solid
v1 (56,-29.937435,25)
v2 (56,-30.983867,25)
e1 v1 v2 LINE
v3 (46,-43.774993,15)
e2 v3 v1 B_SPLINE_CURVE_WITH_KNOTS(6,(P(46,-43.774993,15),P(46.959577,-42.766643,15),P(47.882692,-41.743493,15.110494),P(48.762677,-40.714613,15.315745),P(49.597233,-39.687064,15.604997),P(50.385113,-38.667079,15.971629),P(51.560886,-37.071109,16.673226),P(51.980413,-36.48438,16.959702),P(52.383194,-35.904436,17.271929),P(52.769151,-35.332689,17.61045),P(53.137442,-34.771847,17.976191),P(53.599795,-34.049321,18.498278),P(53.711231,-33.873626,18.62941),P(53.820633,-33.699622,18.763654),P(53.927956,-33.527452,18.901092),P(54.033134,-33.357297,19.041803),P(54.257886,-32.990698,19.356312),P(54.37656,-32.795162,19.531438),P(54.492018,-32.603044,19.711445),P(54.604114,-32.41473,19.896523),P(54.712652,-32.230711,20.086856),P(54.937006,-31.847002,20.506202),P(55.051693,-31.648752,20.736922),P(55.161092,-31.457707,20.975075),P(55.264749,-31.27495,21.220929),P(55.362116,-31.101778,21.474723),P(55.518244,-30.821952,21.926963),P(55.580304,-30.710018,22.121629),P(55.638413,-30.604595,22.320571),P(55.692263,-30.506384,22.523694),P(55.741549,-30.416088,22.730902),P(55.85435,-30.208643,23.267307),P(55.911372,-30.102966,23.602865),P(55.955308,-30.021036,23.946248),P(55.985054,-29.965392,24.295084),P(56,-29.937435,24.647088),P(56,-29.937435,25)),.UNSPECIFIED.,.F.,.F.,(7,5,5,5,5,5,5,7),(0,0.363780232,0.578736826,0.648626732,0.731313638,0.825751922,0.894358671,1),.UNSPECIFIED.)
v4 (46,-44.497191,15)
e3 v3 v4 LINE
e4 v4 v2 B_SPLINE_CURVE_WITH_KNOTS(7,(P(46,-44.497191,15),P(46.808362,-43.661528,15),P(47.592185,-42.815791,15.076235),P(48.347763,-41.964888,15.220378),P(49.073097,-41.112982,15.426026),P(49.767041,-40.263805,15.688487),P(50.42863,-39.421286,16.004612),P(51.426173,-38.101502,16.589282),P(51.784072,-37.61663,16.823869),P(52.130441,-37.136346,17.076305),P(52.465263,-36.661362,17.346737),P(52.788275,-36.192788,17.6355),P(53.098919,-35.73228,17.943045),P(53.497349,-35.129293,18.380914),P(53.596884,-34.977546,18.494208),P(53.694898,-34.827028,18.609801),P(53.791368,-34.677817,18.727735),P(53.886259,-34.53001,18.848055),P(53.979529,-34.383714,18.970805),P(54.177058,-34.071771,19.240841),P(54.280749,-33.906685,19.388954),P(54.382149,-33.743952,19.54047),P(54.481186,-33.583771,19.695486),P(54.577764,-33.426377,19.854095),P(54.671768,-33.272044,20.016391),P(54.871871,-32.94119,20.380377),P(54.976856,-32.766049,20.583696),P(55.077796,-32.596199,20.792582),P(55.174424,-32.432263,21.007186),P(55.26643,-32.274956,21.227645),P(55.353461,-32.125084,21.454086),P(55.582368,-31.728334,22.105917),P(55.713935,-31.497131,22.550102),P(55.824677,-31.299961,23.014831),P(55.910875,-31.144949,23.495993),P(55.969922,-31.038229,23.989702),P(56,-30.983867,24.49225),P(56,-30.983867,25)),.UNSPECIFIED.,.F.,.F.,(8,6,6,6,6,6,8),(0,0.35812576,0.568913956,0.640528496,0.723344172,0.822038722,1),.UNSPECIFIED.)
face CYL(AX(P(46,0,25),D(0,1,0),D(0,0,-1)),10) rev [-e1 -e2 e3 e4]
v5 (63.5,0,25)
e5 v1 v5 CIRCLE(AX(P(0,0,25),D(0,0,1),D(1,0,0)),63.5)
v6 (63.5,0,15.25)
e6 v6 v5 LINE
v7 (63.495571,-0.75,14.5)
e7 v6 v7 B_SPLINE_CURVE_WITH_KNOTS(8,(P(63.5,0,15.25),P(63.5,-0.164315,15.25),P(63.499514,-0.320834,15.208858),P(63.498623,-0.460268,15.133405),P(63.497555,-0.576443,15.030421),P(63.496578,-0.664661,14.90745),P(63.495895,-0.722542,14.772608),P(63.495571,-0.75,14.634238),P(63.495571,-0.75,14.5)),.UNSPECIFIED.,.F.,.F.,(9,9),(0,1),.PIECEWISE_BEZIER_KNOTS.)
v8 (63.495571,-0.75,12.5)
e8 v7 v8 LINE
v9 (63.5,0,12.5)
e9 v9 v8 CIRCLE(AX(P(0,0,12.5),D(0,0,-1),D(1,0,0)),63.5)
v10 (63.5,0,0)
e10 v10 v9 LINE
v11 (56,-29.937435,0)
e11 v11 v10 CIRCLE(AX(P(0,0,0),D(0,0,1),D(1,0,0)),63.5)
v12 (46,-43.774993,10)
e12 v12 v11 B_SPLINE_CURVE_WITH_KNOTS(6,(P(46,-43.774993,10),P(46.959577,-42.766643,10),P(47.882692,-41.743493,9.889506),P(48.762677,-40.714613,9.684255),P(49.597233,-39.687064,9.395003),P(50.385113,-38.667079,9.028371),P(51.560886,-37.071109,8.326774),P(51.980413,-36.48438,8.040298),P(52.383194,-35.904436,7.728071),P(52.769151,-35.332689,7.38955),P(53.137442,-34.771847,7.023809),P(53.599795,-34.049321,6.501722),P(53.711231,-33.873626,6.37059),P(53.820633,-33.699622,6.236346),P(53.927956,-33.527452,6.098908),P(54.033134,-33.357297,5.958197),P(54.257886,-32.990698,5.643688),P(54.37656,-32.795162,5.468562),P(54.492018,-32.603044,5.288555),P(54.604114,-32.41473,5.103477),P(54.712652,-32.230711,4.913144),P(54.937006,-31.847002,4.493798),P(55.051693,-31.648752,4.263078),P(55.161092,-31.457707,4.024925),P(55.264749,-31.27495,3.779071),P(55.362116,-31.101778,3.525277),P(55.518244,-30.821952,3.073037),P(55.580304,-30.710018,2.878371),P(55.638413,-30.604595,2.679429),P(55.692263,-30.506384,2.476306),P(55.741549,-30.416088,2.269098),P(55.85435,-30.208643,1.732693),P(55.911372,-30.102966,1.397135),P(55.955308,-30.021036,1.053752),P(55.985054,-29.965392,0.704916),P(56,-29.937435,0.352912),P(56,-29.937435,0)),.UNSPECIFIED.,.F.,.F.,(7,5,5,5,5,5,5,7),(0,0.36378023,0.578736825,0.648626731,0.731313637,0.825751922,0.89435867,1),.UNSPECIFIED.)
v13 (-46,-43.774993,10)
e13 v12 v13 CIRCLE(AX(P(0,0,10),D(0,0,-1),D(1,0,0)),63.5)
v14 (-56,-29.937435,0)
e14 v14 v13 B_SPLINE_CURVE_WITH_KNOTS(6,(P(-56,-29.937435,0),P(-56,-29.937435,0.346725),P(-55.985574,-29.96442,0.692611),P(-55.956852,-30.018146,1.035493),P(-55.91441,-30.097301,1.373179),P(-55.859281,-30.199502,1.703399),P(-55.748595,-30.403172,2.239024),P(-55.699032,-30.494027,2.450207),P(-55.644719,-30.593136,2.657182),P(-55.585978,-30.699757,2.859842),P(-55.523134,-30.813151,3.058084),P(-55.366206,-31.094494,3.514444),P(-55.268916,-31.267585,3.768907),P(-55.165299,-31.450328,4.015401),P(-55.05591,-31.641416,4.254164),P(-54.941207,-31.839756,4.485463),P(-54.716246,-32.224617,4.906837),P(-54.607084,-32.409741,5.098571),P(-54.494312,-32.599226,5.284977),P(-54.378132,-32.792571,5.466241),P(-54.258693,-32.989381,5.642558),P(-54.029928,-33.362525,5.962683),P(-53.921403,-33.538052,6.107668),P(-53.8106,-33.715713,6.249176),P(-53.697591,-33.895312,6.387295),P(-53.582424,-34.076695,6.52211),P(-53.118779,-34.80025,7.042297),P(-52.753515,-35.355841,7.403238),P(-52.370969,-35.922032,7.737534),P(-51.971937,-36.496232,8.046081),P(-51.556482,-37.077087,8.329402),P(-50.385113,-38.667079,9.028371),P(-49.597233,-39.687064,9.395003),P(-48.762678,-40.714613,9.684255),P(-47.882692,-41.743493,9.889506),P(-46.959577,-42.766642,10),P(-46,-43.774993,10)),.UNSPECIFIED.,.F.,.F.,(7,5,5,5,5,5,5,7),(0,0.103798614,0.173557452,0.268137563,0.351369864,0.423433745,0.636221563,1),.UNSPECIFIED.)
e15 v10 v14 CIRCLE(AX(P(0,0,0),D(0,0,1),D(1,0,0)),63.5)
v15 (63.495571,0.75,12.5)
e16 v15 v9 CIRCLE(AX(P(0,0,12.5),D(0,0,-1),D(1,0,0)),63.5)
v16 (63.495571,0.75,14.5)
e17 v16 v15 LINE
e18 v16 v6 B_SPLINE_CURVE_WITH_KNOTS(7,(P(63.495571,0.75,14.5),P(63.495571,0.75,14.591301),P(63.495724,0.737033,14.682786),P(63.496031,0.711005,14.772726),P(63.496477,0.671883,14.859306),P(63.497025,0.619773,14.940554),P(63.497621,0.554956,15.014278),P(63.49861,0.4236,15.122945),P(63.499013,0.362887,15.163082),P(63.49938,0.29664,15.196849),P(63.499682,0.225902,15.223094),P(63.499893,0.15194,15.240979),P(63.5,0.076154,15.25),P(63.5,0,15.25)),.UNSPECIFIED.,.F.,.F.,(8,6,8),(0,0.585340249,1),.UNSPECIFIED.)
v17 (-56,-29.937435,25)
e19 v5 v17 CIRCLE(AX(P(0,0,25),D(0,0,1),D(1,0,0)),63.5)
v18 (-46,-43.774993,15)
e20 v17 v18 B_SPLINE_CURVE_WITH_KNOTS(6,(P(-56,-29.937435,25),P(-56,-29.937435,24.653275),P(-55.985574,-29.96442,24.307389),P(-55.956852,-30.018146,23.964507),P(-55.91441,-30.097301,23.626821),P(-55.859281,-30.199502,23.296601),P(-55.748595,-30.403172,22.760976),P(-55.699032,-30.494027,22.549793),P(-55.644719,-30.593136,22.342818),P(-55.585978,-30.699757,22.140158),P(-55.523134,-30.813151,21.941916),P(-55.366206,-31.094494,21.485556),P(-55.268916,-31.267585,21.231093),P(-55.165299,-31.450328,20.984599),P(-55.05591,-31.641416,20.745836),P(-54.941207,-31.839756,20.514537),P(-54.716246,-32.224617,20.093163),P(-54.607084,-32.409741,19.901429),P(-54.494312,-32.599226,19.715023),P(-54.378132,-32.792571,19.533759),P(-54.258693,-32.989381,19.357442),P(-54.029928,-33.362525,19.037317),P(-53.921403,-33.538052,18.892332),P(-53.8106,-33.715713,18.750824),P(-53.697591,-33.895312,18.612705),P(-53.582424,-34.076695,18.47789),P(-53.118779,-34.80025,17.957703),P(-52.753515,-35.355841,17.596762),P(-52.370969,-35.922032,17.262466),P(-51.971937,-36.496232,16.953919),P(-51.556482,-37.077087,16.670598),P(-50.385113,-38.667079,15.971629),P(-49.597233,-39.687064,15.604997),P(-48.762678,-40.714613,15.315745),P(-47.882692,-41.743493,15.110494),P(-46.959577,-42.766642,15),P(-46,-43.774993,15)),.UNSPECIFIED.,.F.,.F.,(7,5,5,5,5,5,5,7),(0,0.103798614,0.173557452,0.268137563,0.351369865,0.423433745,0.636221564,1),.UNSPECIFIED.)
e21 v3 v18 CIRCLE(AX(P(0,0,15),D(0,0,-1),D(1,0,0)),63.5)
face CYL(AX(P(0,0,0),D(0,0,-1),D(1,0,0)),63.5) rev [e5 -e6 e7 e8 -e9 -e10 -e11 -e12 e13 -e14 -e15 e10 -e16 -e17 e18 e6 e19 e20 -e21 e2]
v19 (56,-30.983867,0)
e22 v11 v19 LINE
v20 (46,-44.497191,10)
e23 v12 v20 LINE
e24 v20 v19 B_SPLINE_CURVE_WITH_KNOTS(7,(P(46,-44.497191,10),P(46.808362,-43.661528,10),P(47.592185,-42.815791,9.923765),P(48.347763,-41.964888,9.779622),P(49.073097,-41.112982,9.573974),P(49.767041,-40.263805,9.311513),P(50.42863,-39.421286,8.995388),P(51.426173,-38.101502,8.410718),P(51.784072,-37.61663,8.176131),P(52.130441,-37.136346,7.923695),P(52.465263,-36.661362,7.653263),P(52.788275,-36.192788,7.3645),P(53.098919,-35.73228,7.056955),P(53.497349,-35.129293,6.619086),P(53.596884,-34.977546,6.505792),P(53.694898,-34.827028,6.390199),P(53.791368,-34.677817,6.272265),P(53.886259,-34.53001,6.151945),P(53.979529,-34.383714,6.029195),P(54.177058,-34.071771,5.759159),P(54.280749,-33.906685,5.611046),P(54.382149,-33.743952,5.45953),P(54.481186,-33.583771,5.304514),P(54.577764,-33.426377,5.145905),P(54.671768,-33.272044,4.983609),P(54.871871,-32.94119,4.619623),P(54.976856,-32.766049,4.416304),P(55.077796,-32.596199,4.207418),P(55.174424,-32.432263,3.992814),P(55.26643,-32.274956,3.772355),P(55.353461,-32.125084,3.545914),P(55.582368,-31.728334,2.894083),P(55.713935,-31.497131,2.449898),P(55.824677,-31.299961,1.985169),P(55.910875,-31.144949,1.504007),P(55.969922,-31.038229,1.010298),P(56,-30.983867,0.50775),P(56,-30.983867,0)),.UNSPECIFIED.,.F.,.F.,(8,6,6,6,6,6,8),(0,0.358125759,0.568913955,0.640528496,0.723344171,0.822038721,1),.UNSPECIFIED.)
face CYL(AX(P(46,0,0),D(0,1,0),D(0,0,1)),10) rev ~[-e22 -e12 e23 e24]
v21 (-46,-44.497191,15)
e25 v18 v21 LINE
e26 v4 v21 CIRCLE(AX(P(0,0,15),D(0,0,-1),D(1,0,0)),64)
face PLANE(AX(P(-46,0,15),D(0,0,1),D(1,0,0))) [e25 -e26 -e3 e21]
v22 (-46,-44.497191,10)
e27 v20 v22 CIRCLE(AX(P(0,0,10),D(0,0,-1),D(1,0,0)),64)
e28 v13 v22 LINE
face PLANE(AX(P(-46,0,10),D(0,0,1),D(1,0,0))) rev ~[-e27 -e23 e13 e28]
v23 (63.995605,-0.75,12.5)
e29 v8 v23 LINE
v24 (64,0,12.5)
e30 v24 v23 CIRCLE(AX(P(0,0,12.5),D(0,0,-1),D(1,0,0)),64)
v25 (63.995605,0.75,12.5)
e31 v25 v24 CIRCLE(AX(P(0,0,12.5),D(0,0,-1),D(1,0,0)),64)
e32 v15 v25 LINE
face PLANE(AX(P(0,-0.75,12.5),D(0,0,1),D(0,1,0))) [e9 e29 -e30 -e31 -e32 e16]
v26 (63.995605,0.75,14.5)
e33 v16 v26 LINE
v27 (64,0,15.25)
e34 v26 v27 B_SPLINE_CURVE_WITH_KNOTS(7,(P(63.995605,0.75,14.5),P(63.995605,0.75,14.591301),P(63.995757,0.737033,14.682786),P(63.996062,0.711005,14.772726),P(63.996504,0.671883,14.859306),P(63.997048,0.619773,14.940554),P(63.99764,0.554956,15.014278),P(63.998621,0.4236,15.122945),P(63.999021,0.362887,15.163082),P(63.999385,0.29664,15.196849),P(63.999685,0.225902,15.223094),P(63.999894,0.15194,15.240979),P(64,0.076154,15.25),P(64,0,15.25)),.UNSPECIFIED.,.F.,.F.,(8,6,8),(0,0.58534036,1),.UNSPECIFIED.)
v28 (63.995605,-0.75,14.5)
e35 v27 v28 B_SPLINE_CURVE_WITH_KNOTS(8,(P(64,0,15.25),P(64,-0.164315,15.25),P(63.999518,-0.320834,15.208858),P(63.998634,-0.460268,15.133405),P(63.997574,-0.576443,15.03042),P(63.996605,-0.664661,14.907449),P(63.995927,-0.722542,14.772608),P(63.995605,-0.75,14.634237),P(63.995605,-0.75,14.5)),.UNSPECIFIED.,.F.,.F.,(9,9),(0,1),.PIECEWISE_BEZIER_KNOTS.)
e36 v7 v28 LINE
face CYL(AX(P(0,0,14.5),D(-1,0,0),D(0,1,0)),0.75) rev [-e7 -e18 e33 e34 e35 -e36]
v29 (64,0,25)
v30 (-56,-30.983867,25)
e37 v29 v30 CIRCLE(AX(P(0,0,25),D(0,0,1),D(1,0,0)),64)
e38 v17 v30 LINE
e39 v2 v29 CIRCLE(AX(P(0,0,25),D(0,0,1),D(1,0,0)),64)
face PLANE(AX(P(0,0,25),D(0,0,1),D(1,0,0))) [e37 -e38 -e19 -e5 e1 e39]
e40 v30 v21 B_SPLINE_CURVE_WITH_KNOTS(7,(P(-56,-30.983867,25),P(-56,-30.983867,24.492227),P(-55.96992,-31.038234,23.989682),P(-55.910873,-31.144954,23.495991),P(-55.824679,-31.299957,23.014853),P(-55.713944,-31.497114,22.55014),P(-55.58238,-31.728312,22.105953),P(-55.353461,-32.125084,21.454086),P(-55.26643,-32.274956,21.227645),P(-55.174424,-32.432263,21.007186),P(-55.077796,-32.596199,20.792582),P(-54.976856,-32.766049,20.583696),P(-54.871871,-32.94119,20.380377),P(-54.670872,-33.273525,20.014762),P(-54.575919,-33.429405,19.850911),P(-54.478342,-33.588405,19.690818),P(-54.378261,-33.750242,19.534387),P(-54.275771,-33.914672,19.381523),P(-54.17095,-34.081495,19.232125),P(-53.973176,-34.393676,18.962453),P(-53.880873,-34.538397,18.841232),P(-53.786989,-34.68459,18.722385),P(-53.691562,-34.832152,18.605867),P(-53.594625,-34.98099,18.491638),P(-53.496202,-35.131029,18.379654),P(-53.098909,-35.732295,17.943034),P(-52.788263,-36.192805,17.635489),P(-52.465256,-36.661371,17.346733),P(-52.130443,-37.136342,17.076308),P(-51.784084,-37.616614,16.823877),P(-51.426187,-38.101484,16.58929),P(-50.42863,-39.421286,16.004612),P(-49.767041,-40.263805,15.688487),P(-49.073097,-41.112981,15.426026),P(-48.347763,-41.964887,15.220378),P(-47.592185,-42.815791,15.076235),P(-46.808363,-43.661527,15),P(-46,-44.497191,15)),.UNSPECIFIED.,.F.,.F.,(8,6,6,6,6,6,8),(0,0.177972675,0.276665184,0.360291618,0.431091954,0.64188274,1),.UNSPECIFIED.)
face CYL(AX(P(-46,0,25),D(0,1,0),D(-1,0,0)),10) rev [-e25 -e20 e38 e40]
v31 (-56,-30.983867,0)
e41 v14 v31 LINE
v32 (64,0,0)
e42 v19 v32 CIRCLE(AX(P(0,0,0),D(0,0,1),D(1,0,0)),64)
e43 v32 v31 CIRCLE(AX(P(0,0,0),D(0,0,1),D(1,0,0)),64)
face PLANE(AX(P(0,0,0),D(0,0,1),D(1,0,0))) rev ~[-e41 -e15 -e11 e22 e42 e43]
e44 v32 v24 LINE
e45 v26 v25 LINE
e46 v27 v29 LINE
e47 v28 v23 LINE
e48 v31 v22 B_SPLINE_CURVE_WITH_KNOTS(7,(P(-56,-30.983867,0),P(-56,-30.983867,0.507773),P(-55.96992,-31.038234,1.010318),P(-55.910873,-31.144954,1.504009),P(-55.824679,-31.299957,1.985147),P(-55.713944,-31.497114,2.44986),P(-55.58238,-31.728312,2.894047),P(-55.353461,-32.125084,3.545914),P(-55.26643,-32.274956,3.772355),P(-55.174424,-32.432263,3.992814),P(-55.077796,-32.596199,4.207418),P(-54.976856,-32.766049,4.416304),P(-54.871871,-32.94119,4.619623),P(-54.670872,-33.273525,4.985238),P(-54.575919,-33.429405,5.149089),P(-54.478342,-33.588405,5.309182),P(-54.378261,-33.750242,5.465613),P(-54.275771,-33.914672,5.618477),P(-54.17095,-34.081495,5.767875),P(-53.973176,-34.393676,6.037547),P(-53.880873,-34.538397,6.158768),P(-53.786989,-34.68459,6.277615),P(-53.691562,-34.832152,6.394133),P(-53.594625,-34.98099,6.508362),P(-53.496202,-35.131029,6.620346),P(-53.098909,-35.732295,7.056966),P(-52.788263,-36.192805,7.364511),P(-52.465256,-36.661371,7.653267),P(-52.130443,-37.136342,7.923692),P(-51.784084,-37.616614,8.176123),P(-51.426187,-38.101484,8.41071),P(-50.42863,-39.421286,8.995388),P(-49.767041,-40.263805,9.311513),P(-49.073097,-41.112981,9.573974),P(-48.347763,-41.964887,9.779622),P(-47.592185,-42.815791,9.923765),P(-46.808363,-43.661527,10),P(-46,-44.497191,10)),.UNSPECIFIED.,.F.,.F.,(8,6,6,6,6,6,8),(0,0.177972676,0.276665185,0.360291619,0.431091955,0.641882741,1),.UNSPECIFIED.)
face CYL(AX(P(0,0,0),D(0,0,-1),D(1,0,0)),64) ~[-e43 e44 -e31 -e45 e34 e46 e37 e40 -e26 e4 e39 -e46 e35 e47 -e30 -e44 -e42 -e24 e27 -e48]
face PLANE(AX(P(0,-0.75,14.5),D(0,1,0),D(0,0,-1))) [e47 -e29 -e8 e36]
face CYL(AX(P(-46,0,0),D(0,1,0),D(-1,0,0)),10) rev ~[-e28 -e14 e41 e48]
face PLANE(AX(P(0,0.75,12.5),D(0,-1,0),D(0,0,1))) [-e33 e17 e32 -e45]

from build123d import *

# Parameters (mm, degrees)
SKETCH_3_R          = 64
SKETCH_3_R_2        = 63.5
EXTRUDE_2_DEPTH     = 25
CUT_EXTRUDE_2_DEPTH = 200
CUT_EXTRUDE_3_DEPTH = 200


with BuildPart() as part:
    # 草图3 → 凸台-拉伸2 (new body)
    with BuildSketch(Plane.XY):
        Circle(SKETCH_3_R)
        Circle(SKETCH_3_R_2, mode=Mode.SUBTRACT)
    extrude(amount=EXTRUDE_2_DEPTH)

    # 草图4 → 切除-拉伸2 (cut)
    with BuildSketch(Plane(origin=(0, 0, 0), x_dir=(1, 0, 0), z_dir=(0, 1, 0))):
        with BuildLine():
            Line((-46, -10), (46, -10))
            ThreePointArc((46, -10), (53.071067812, -7.071067812), (56, 0))
            Line((56, 0), (-56, 0))
            ThreePointArc((-56, 0), (-53.071067812, -7.071067812), (-46, -10))
        make_face()
        with BuildLine():
            Line((-46, -15), (46, -15))
            ThreePointArc((46, -15), (53.071067812, -17.928932188), (56, -25))
            Line((56, -25), (-56, -25))
            ThreePointArc((-56, -25), (-53.071067812, -17.928932188), (-46, -15))
        make_face()
    extrude(amount=-CUT_EXTRUDE_2_DEPTH, mode=Mode.SUBTRACT)

    # 草图6 → 切除-拉伸3 (cut)
    with BuildSketch(Plane(origin=(0, 0, 0), x_dir=(0, 0, -1), z_dir=(1, 0, 0))):
        with BuildLine():
            Line((-12.5, -0.75), (-12.5, 0.75))
            Line((-12.5, 0.75), (-14.5, 0.75))
            ThreePointArc((-14.5, 0.75), (-15.25, 0), (-14.5, -0.75))
            Line((-14.5, -0.75), (-12.5, -0.75))
        make_face()
    extrude(amount=CUT_EXTRUDE_3_DEPTH, mode=Mode.SUBTRACT)


solid = part.part
